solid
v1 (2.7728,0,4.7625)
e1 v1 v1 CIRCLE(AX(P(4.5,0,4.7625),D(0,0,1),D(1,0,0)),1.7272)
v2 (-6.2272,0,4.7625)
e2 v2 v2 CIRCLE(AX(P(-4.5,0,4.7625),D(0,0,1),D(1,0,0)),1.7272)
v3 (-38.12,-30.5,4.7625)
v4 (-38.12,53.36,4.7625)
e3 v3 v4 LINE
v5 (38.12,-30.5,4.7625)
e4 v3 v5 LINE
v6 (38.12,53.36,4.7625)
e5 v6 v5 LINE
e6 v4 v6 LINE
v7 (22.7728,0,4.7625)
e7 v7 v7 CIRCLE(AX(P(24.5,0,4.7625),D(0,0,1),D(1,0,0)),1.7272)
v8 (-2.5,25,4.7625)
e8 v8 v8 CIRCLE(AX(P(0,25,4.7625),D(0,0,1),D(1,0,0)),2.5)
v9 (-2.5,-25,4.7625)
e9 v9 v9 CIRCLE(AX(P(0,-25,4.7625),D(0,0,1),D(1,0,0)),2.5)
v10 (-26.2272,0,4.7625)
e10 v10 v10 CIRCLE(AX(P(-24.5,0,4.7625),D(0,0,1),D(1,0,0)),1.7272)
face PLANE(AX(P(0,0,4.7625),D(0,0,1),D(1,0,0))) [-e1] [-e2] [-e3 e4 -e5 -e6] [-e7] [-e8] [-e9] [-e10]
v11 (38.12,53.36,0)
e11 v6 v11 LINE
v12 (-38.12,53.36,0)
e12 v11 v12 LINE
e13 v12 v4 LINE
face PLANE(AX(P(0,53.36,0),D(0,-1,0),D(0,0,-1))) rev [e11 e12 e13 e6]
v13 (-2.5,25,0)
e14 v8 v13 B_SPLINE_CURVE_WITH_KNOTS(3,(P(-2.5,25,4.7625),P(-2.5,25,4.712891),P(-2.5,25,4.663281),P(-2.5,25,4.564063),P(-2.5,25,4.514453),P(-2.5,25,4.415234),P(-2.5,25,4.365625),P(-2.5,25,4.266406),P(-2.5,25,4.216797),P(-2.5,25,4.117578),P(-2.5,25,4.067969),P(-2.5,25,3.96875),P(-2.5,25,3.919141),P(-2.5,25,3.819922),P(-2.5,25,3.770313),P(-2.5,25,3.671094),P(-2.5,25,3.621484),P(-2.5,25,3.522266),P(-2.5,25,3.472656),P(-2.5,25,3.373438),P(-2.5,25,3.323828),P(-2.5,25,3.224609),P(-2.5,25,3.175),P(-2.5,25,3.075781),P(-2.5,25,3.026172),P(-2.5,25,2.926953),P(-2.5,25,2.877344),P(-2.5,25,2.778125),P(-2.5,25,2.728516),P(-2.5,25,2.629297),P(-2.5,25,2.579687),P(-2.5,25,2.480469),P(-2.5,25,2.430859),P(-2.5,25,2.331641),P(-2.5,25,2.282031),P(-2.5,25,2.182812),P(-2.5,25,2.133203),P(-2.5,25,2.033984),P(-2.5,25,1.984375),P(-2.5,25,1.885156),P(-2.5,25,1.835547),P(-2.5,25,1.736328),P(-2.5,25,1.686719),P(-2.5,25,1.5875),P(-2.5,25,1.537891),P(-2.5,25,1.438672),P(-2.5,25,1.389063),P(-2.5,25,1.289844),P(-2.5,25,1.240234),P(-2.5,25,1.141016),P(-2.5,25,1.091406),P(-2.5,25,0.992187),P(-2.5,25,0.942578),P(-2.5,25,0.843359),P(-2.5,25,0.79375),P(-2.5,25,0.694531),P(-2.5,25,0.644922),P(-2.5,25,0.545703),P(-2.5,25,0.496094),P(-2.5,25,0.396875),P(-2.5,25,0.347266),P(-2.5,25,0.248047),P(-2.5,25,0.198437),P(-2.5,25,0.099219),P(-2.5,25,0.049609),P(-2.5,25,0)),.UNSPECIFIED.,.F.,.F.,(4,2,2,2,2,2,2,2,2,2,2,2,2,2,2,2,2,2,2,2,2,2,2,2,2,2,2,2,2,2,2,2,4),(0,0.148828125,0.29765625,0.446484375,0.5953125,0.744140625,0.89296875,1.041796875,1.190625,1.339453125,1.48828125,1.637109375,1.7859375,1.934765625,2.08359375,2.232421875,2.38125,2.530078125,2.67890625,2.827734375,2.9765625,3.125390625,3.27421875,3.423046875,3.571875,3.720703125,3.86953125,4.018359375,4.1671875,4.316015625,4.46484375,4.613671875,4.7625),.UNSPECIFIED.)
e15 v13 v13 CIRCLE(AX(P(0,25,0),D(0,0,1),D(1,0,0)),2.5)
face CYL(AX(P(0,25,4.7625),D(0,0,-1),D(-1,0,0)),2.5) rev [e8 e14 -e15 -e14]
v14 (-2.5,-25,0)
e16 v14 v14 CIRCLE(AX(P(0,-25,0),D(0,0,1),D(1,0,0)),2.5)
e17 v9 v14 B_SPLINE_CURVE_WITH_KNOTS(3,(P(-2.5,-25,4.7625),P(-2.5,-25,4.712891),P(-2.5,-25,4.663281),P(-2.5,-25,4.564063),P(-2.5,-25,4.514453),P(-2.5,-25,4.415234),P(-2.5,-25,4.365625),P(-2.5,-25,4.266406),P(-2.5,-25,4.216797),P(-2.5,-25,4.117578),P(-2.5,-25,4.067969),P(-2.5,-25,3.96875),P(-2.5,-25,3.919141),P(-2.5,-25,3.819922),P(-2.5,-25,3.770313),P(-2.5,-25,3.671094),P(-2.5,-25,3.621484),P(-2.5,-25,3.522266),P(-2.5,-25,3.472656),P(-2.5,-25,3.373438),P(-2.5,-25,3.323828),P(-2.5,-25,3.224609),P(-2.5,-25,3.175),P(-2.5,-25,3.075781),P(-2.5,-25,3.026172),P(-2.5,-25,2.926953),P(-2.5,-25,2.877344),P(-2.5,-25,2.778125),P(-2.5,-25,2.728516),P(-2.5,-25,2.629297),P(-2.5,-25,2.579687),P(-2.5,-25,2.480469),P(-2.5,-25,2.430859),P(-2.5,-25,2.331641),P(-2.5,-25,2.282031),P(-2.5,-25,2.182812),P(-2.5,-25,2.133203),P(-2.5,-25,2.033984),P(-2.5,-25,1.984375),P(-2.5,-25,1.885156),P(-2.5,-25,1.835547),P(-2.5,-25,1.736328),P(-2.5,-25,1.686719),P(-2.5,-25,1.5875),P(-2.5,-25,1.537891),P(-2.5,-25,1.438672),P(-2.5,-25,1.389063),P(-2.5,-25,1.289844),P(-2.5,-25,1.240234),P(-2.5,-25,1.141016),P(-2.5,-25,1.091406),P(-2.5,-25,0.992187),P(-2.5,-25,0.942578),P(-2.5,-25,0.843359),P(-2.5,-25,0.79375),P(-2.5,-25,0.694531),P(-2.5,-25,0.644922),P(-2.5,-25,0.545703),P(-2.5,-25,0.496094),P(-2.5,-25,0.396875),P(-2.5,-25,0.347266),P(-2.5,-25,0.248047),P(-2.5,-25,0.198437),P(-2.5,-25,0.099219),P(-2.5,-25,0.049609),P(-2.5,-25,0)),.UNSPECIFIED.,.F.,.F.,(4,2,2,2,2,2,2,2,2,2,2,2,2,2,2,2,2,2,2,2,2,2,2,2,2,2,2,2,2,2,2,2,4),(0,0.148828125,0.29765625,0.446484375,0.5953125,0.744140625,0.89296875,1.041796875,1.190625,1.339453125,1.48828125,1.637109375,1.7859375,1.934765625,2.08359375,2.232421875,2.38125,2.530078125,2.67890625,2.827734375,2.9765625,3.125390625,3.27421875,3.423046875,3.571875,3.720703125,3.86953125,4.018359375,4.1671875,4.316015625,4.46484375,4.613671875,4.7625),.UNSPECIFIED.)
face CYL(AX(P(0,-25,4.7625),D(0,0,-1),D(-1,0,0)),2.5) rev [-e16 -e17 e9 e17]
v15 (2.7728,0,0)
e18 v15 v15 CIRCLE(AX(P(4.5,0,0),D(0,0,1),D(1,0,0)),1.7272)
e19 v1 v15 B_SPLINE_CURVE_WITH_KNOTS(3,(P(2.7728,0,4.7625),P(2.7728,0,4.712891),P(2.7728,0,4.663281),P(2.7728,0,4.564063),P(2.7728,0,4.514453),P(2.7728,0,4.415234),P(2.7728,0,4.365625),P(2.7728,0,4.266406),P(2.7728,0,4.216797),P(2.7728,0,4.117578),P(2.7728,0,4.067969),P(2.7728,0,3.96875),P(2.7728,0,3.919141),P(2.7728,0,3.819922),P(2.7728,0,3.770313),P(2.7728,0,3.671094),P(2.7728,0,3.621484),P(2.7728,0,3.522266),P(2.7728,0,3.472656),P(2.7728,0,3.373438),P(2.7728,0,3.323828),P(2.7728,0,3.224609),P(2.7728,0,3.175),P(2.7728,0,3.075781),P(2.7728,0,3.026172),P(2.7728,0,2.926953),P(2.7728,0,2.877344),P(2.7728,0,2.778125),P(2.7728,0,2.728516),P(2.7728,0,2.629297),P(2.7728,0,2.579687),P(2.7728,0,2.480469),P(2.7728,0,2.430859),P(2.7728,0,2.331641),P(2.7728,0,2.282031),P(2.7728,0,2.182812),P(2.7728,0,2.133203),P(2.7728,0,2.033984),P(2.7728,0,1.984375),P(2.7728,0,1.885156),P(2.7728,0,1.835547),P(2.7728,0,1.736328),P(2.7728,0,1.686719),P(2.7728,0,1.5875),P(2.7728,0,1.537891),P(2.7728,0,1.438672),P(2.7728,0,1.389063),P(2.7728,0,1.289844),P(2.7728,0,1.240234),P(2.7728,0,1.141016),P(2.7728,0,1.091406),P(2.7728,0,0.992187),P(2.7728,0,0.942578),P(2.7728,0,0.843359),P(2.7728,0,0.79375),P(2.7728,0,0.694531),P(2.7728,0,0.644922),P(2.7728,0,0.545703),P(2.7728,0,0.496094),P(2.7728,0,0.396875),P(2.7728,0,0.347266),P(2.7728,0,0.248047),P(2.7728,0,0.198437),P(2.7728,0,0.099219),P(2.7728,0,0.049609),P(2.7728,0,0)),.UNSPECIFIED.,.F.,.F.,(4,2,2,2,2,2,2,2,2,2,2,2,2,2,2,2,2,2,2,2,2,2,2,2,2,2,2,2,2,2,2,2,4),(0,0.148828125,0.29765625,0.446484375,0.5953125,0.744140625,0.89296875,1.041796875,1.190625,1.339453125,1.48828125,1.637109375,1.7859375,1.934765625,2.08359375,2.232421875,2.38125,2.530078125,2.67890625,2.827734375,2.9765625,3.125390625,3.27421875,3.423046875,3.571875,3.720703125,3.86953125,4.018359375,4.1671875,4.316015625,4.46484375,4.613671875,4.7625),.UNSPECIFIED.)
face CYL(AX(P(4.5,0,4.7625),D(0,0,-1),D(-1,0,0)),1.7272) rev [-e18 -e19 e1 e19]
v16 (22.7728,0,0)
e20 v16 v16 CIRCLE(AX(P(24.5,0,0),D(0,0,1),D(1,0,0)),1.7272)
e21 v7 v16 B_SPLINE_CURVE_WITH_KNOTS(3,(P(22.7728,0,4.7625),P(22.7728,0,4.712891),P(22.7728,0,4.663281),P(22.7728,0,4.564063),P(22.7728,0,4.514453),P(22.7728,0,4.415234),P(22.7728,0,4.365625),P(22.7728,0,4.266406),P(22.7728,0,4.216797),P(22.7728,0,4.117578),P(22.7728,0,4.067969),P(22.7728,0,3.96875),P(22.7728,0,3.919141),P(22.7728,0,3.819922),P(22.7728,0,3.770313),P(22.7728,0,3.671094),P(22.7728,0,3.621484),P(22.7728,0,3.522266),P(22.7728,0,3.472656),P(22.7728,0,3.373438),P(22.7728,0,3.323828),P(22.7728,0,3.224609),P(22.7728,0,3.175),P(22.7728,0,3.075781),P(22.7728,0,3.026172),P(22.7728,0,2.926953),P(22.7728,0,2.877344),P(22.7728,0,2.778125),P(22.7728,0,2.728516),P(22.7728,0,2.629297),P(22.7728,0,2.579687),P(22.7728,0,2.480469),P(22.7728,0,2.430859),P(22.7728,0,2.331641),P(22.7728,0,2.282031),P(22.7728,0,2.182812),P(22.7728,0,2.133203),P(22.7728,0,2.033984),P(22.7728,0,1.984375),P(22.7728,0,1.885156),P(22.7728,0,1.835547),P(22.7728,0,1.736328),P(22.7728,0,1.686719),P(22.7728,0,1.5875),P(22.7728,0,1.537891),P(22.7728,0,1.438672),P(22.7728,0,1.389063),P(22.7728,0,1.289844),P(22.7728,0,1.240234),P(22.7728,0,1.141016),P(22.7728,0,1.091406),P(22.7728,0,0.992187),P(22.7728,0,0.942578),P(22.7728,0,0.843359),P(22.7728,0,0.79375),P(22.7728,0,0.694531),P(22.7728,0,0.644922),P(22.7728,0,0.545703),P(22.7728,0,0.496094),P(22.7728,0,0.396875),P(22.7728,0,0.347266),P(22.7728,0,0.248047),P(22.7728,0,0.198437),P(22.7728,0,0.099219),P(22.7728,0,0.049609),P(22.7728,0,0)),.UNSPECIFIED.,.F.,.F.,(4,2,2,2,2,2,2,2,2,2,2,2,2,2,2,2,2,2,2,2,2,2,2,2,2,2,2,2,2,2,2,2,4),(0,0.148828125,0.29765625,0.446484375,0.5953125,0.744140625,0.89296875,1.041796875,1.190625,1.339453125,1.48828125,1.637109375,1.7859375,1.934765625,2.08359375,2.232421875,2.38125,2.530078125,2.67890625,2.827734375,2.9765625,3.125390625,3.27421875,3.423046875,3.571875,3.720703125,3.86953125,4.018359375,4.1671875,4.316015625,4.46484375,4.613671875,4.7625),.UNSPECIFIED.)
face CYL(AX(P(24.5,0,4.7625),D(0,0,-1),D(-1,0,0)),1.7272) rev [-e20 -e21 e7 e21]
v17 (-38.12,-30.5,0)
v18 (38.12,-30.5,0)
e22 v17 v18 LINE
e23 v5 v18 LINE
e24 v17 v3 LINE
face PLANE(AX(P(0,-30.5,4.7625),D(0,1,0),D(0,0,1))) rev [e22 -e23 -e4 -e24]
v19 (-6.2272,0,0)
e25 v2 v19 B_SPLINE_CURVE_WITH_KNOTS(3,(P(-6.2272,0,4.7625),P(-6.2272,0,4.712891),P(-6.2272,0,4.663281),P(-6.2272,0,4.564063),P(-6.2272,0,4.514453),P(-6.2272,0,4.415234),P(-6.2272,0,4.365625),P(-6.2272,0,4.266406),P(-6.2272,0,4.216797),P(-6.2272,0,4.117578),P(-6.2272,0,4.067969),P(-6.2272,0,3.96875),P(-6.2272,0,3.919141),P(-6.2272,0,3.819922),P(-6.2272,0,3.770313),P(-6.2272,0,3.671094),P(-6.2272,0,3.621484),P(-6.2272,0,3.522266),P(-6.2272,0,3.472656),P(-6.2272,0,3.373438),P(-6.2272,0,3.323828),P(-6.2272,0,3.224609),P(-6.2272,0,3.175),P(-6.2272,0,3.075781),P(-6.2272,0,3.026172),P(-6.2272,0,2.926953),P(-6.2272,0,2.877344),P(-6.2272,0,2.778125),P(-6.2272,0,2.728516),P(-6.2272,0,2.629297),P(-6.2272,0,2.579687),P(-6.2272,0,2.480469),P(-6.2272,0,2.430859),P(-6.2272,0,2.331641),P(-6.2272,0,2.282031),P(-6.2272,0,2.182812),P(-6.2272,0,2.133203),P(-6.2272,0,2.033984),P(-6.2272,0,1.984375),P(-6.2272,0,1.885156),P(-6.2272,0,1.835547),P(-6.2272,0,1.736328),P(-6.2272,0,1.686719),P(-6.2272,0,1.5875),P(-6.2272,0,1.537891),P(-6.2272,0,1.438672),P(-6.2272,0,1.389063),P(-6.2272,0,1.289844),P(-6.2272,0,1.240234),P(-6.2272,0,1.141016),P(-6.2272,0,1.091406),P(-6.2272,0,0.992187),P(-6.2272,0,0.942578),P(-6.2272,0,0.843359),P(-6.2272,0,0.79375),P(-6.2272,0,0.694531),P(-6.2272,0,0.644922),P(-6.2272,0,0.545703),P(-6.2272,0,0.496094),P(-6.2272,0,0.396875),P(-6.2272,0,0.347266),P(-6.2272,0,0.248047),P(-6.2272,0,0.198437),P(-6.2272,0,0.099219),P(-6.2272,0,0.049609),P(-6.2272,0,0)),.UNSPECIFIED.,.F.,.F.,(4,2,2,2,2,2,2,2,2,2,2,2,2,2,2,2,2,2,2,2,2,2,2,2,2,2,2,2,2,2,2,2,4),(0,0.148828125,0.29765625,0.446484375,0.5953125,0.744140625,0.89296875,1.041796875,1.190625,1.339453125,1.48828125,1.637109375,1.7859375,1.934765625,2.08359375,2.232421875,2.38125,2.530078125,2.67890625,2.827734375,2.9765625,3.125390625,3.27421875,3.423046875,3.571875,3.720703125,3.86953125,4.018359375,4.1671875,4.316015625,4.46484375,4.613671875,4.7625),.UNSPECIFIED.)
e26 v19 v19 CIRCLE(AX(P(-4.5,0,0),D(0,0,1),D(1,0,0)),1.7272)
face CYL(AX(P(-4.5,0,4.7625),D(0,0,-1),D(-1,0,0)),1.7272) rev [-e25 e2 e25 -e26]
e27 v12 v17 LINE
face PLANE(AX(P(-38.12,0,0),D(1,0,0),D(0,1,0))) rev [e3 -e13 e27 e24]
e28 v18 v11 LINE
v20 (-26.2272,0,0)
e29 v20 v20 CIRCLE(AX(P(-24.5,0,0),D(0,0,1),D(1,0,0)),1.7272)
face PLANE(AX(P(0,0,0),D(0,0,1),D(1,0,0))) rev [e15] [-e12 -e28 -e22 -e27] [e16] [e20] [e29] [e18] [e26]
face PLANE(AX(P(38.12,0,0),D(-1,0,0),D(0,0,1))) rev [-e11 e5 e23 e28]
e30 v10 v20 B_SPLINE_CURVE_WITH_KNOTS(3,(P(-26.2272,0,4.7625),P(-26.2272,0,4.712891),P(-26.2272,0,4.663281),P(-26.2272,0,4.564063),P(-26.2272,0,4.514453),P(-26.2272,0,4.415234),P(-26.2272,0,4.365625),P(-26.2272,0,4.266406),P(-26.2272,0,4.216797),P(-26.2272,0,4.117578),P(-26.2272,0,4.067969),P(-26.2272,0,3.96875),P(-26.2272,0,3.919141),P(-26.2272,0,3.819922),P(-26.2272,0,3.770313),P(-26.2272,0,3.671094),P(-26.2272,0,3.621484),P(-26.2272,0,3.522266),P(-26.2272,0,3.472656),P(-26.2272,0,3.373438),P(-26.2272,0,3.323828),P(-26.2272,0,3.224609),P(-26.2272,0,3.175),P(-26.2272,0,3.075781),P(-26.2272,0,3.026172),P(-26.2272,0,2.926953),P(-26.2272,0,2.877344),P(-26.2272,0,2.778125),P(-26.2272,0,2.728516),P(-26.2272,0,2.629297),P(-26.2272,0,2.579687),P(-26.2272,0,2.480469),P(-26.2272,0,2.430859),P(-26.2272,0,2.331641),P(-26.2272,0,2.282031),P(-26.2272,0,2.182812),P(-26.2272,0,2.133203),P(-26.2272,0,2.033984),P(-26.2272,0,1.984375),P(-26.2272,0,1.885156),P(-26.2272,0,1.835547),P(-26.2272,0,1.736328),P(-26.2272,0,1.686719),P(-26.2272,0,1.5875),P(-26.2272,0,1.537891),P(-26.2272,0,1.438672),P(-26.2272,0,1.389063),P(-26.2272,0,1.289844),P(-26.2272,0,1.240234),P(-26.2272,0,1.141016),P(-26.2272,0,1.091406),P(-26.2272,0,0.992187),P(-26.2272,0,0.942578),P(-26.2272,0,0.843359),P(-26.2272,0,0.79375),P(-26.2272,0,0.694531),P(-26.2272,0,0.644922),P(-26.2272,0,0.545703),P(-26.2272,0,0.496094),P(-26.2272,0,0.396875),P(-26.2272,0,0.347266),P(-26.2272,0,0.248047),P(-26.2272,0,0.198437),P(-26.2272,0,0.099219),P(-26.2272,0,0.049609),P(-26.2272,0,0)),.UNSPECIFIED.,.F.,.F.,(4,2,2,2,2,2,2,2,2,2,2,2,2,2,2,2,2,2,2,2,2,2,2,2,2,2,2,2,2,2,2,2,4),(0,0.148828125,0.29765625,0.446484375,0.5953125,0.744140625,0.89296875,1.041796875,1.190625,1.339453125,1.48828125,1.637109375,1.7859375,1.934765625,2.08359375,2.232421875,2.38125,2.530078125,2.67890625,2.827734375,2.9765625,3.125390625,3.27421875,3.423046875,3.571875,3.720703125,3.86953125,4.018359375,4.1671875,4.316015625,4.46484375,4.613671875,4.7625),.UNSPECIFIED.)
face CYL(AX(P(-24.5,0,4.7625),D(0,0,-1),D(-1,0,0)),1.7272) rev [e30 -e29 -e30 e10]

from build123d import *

# Parameters (mm, degrees)
SKETCH1_W           = 25.42
SKETCH1_H           = 25.42
BOSS_EXTRUDE5_DEPTH = 4.7625
SKETCH3_W           = 4.7625
SKETCH3_H           = 61
BOSS_EXTRUDE6_DEPTH = 7.62
SKETCH4_W           = 4.7625
SKETCH4_H           = 61
BOSS_EXTRUDE7_DEPTH = 7.62
SKETCH5_W           = 76.24
SKETCH5_H           = 4.7625
BOSS_EXTRUDE8_DEPTH = 22.86


with BuildPart() as part:
    # Sketch1 → Boss-Extrude5 (new body)
    with BuildSketch(Plane.XY):
        with BuildLine():
            Line((0, 27.5), (0, 30.5))
            Line((0, 30.5), (-5.08, 30.5))
            Line((-5.08, 30.5), (-5.08, 5.08))
            Line((-5.08, 5.08), (0, 5.08))
            Line((0, 5.08), (0, 22.5))
            ThreePointArc((0, 22.5), (-2.5, 25), (0, 27.5))
        make_face()
        with BuildLine():
            Line((5.08, 30.5), (0, 30.5))
            Line((0, 30.5), (0, 27.5))
            ThreePointArc((0, 27.5), (1.767766953, 26.767766953), (2.5, 25))
            ThreePointArc((2.5, 25), (1.767766953, 23.232233047), (0, 22.5))
            Line((0, 22.5), (0, 5.08))
            Line((0, 5.08), (5.08, 5.08))
            Line((5.08, 5.08), (5.08, 30.5))
        make_face()
        with BuildLine():
            Line((30.5, 5.08), (5.08, 5.08))
            Line((5.08, 5.08), (5.08, 1.626904988))
            ThreePointArc((5.08, 1.626904988), (5.911558685, 0.995350149), (6.2272, 0))
            Line((6.2272, 0), (22.7728, 0))
            ThreePointArc((22.7728, 0), (24.5, 1.7272), (26.2272, 0))
            Line((26.2272, 0), (30.5, 0))
            Line((30.5, 0), (30.5, 5.08))
        make_face()
        with BuildLine():
            Line((22.7728, 0), (6.2272, 0))
            ThreePointArc((6.2272, 0), (5.911558685, -0.995350149), (5.08, -1.626904988))
            Line((5.08, -1.626904988), (5.08, -5.08))
            Line((5.08, -5.08), (30.5, -5.08))
            Line((30.5, -5.08), (30.5, 0))
            Line((30.5, 0), (26.2272, 0))
            ThreePointArc((26.2272, 0), (24.5, -1.7272), (22.7728, 0))
        make_face()
        with BuildLine():
            Line((2.7728, 0), (0, 0))
            Line((0, 0), (0, -5.08))
            Line((0, -5.08), (5.08, -5.08))
            Line((5.08, -5.08), (5.08, -1.626904988))
            ThreePointArc((5.08, -1.626904988), (3.504649851, -1.411558685), (2.7728, 0))
        make_face()
        with BuildLine():
            Line((0, -5.08), (0, 0))
            Line((0, 0), (-2.7728, 0))
            ThreePointArc((-2.7728, 0), (-3.504649851, -1.411558685), (-5.08, -1.626904988))
            Line((-5.08, -1.626904988), (-5.08, -5.08))
            Line((-5.08, -5.08), (0, -5.08))
        make_face()
        with BuildLine():
            Line((5.08, 1.626904988), (5.08, 5.08))
            Line((5.08, 5.08), (0, 5.08))
            Line((0, 5.08), (0, 0))
            Line((0, 0), (2.7728, 0))
            ThreePointArc((2.7728, 0), (3.504649851, 1.411558685), (5.08, 1.626904988))
        make_face()
        with BuildLine():
            Line((0, 5.08), (-5.08, 5.08))
            Line((-5.08, 5.08), (-5.08, 1.626904988))
            ThreePointArc((-5.08, 1.626904988), (-3.504649851, 1.411558685), (-2.7728, 0))
            Line((-2.7728, 0), (0, 0))
            Line((0, 0), (0, 5.08))
        make_face()
        with BuildLine():
            Line((-5.08, 1.626904988), (-5.08, 5.08))
            Line((-5.08, 5.08), (-30.5, 5.08))
            Line((-30.5, 5.08), (-30.5, 0))
            Line((-30.5, 0), (-26.2272, 0))
            ThreePointArc((-26.2272, 0), (-24.5, 1.7272), (-22.7728, 0))
            Line((-22.7728, 0), (-6.2272, 0))
            ThreePointArc((-6.2272, 0), (-5.911558685, 0.995350149), (-5.08, 1.626904988))
        make_face()
        with BuildLine():
            ThreePointArc((-5.08, -1.626904988), (-5.911558685, -0.995350149), (-6.2272, 0))
            Line((-6.2272, 0), (-22.7728, 0))
            ThreePointArc((-22.7728, 0), (-24.5, -1.7272), (-26.2272, 0))
            Line((-26.2272, 0), (-30.5, 0))
            Line((-30.5, 0), (-30.5, -5.08))
            Line((-30.5, -5.08), (-5.08, -5.08))
            Line((-5.08, -5.08), (-5.08, -1.626904988))
        make_face()
        with BuildLine():
            Line((0, -22.5), (0, -5.08))
            Line((0, -5.08), (-5.08, -5.08))
            Line((-5.08, -5.08), (-5.08, -30.5))
            Line((-5.08, -30.5), (0, -30.5))
            Line((0, -30.5), (0, -27.5))
            ThreePointArc((0, -27.5), (-2.5, -25), (0, -22.5))
        make_face()
        with BuildLine():
            Line((5.08, -5.08), (0, -5.08))
            Line((0, -5.08), (0, -22.5))
            ThreePointArc((0, -22.5), (1.767766953, -23.232233047), (2.5, -25))
            ThreePointArc((2.5, -25), (1.767766953, -26.767766953), (0, -27.5))
            Line((0, -27.5), (0, -30.5))
            Line((0, -30.5), (5.08, -30.5))
            Line((5.08, -30.5), (5.08, -5.08))
        make_face()
        with Locations((-17.79, 17.79)):
            Rectangle(SKETCH1_W, SKETCH1_H)
        with Locations((17.79, 17.79)):
            Rectangle(SKETCH1_W, SKETCH1_H)
        with Locations((17.79, -17.79)):
            Rectangle(SKETCH1_W, SKETCH1_H)
        with Locations((-17.79, -17.79)):
            Rectangle(SKETCH1_W, SKETCH1_H)
    extrude(amount=BOSS_EXTRUDE5_DEPTH)

    # Sketch3 → Boss-Extrude6 (add)
    with BuildSketch(Plane.ZY.offset(30.5)):
        with Locations((2.38125, 0)):
            Rectangle(SKETCH3_W, SKETCH3_H)
    extrude(amount=BOSS_EXTRUDE6_DEPTH)

    # Sketch4 → Boss-Extrude7 (add)
    with BuildSketch(Plane(origin=(30.5, 0, 0), x_dir=(0, 0, -1), z_dir=(1, 0, 0))):
        with Locations((-2.38125, 0)):
            Rectangle(SKETCH4_W, SKETCH4_H)
    extrude(amount=BOSS_EXTRUDE7_DEPTH)

    # Sketch5 → Boss-Extrude8 (add)
    with BuildSketch(Plane(origin=(0, 30.5, 0), x_dir=(1, 0, 0), z_dir=(0, 1, 0))):
        with Locations((0, -2.38125)):
            Rectangle(SKETCH5_W, SKETCH5_H)
    extrude(amount=BOSS_EXTRUDE8_DEPTH)


solid = part.part
